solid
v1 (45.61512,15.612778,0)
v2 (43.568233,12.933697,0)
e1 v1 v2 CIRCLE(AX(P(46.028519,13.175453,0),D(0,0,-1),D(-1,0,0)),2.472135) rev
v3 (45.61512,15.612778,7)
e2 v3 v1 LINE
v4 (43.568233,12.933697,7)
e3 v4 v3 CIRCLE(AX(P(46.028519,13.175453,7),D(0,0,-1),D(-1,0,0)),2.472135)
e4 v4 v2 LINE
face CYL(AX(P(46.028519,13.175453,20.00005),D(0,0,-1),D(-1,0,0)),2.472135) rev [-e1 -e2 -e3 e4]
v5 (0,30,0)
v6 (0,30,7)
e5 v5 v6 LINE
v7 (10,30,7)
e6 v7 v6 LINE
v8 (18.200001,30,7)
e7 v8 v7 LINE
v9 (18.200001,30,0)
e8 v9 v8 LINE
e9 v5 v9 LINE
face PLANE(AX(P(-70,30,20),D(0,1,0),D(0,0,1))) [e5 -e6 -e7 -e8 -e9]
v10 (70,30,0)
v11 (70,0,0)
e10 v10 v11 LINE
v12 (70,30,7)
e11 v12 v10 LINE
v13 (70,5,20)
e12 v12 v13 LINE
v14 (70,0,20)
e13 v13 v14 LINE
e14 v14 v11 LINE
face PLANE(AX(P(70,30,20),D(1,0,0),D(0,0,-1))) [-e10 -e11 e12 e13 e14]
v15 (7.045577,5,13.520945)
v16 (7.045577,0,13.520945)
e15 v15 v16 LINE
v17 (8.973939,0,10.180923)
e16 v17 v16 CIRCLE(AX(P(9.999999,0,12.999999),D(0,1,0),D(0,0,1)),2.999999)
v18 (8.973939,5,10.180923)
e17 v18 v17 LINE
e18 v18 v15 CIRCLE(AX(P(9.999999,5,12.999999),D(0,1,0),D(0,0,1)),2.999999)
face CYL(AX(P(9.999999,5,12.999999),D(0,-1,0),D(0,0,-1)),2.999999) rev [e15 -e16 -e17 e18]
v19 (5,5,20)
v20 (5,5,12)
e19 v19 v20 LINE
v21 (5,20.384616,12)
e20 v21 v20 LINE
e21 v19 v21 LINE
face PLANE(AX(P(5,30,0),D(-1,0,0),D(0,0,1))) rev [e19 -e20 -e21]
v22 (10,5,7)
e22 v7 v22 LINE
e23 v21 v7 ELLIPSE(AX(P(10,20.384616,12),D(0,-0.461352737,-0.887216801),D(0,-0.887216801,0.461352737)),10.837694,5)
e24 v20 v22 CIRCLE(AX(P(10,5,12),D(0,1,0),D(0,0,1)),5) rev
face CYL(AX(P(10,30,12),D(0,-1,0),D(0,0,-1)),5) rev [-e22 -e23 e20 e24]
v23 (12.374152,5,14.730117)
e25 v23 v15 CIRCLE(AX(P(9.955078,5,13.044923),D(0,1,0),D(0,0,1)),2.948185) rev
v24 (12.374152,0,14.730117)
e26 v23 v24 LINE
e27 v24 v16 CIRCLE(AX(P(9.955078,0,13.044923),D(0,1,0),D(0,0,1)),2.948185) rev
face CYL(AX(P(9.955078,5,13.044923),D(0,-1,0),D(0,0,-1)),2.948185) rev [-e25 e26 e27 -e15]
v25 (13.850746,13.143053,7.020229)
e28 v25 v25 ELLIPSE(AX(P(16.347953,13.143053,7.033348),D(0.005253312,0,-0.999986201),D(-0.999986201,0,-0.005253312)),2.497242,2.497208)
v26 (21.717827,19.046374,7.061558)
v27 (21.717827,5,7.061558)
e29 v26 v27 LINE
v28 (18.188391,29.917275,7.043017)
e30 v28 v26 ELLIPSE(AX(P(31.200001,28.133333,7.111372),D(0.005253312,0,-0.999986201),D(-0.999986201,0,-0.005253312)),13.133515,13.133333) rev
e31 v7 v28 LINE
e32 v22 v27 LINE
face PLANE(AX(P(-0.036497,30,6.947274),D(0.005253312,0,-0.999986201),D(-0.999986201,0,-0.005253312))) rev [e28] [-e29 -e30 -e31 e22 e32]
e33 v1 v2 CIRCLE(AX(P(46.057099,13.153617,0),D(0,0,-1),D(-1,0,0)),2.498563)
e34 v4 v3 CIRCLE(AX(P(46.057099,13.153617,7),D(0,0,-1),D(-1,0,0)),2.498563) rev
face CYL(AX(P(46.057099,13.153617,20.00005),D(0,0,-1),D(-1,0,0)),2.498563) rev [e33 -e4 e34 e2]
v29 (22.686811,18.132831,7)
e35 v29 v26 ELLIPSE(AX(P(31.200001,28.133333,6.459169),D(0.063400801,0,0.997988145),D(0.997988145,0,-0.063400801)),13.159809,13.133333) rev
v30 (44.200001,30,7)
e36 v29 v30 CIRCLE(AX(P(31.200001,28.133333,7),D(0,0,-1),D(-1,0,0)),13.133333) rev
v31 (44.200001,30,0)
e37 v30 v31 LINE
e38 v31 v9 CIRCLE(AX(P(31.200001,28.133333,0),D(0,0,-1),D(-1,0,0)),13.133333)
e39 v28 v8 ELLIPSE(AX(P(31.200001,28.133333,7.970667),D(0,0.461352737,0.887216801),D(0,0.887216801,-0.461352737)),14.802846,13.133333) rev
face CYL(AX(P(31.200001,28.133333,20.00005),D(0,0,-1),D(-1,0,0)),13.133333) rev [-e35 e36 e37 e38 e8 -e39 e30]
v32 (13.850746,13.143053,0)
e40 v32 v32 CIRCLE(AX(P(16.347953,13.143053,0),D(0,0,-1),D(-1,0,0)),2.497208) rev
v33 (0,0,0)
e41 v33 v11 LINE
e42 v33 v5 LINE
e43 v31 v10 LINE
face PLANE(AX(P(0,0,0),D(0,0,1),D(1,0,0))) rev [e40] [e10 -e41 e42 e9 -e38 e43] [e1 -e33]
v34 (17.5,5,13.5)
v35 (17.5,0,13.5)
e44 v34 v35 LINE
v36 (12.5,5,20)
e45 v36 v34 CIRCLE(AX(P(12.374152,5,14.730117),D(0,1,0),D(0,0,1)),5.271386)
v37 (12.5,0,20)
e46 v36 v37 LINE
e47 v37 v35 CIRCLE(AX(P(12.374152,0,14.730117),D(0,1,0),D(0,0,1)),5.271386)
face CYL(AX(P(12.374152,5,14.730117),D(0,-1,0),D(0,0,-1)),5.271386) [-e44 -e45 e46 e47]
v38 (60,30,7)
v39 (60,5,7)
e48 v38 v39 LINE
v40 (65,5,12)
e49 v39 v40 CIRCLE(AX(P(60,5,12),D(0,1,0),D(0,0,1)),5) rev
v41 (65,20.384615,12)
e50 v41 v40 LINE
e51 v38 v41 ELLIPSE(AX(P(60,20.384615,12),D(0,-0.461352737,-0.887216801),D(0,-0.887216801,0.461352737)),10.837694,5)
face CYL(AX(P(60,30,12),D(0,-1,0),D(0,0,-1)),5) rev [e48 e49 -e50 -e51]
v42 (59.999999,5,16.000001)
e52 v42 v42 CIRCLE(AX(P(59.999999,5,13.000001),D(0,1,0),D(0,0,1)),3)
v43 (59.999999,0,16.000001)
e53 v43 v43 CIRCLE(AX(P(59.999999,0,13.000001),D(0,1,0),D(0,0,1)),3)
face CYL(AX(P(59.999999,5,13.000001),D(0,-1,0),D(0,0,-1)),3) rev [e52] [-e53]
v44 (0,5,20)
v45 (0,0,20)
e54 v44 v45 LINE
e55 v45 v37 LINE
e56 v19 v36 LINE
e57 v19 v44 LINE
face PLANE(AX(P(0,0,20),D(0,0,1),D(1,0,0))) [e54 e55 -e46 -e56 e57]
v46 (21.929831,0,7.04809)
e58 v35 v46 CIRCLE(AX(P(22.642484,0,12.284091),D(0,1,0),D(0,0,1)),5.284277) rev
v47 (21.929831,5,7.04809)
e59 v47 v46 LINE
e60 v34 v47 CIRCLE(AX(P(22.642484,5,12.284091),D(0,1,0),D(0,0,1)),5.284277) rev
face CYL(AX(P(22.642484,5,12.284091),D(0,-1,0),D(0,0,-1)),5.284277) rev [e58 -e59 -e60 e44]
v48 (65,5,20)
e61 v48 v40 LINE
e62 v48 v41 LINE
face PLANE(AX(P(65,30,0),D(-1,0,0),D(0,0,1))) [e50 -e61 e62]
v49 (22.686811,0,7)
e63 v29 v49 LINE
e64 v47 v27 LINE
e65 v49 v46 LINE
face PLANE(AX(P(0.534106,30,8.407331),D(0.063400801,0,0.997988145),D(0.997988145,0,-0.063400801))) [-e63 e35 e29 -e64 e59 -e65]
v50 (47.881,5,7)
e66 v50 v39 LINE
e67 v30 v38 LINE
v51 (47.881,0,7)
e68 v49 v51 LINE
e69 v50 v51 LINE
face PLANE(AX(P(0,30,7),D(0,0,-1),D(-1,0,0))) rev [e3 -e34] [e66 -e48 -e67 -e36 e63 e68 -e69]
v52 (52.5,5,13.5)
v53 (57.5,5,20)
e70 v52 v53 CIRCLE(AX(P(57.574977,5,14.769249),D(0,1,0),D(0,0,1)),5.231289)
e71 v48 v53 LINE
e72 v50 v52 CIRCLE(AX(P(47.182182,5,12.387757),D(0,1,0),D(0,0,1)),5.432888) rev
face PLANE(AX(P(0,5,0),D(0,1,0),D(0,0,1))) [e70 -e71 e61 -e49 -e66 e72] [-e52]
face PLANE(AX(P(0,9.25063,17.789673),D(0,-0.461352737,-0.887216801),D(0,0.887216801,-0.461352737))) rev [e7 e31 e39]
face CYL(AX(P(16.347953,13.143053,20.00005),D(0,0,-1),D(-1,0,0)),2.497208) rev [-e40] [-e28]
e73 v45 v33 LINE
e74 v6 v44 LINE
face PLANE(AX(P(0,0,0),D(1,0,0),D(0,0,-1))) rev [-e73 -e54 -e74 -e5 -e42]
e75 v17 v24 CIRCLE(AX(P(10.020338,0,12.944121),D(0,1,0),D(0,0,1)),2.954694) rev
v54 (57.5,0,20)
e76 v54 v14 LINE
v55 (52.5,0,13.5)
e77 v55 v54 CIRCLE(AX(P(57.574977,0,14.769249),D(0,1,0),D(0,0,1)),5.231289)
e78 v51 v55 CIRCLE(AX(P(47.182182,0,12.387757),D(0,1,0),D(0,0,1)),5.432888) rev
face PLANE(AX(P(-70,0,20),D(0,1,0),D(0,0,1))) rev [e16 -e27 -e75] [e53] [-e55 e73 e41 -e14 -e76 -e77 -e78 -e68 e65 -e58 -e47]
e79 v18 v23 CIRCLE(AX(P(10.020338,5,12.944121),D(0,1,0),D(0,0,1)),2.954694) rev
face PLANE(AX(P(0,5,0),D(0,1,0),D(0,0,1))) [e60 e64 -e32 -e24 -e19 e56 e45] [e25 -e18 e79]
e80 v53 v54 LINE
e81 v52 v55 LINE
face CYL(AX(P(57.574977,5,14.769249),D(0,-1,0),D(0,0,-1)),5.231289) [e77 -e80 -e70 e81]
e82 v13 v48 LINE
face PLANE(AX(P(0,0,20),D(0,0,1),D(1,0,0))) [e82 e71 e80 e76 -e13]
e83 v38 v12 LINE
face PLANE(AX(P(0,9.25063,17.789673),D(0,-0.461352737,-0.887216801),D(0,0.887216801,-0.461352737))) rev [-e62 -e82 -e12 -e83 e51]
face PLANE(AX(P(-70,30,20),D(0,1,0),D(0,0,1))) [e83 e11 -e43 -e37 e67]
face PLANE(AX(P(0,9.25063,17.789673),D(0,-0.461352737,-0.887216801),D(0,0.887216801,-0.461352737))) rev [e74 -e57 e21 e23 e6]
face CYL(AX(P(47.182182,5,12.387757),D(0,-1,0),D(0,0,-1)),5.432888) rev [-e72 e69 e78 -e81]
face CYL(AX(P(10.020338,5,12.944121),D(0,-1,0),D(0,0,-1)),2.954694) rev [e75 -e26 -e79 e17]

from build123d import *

# Parameters (mm, degrees)
SKETCH1_W           = 70
SKETCH1_H           = 30
BOSS_EXTRUDE1_DEPTH = 20
CUT_EXTRUDE2_DEPTH  = 21
CUT_EXTRUDE3_DEPTH  = 71
CUT_EXTRUDE7_DEPTH  = 31
BOSS_EXTRUDE3_DEPTH = 5
CUT_EXTRUDE8_DEPTH  = 71


with BuildPart() as part:
    # Sketch1 → Boss-Extrude1 (new body)
    with BuildSketch(Plane.XY):
        with Locations((-35, 15)):
            Rectangle(SKETCH1_W, SKETCH1_H)
    boss_extrude1 = extrude(amount=BOSS_EXTRUDE1_DEPTH)

    # Sketch1_3 → Cut-Extrude2 (cut, through all)
    with BuildSketch(Plane.XY):
        with BuildLine():
            Line((-18.200000763, 30), (-44.200000763, 30))
            ThreePointArc((-44.200000763, 30), (-31.200000763, 15), (-18.200000763, 30))
        make_face()
        with BuildLine():
            ThreePointArc((-15.706172943, 15.55638361), (-14.370568008, 14.668173822), (-13.850757599, 13.150756836))
            ThreePointArc((-13.850757599, 13.150756836), (-18.325338895, 11.617932335), (-15.706172943, 15.55638361))
        make_face()
        with BuildLine():
            ThreePointArc((-45.615119934, 15.61277771), (-44.064114621, 14.676308172), (-43.56823349, 12.933696747))
            ThreePointArc((-43.56823349, 12.933696747), (-48.042503261, 11.636717399), (-45.615119934, 15.61277771))
        make_face()
    cut_extrude2 = extrude(amount=CUT_EXTRUDE2_DEPTH, mode=Mode.SUBTRACT)

    # Sketch2 → Cut-Extrude3 (cut, through all)
    with BuildSketch(Plane.ZY.offset(70)):
        Polygon((20, 30), (7, 30), (20, 5), align=None)
    cut_extrude3 = extrude(amount=-CUT_EXTRUDE3_DEPTH, mode=Mode.SUBTRACT)

    # Mirror1: Boss-Extrude1, Cut-Extrude2, Cut-Extrude3 across plane
    add(boss_extrude1.mirror(Plane(origin=(0, 30, 20), x_dir=(0, 0, 1), z_dir=(1, 0, 0))))
    add(cut_extrude2.mirror(Plane(origin=(0, 30, 20), x_dir=(0, 0, 1), z_dir=(1, 0, 0))), mode=Mode.SUBTRACT)
    add(cut_extrude3.mirror(Plane(origin=(0, 30, 20), x_dir=(0, 0, 1), z_dir=(1, 0, 0))), mode=Mode.SUBTRACT)

    # Sketch4 → Cut-Extrude7 (cut, through all)
    with BuildSketch(Plane(origin=(0, 0, 0), x_dir=(1, 0, 0), z_dir=(0, 1, 0))):
        with BuildLine():
            Line((5, -11.999999865), (5, -20))
            Line((5, -20), (65, -20))
            Line((65, -20), (65, -12))
            ThreePointArc((65, -12), (63.535533906, -8.464466094), (60, -7))
            Line((60, -7), (22.686811447, -7))
            Line((22.686811447, -7), (21.717826843, -7.061558247))
            Line((21.717826843, -7.061558247), (10, -7))
            ThreePointArc((10, -7), (6.464466102, -8.464466007), (5, -11.999999865))
        make_face()
    extrude(amount=CUT_EXTRUDE7_DEPTH, mode=Mode.SUBTRACT)

    # Sketch4_6 → Boss-Extrude3 (add)
    with BuildSketch(Plane(origin=(0, 0, 0), x_dir=(1, 0, 0), z_dir=(0, 1, 0))):
        with BuildLine():
            Line((57.5, -20), (65, -20))
            Line((65, -20), (65, -12))
            ThreePointArc((65, -12), (63.535533906, -8.464466094), (60, -7))
            Line((60, -7), (47.881000272, -7))
            ThreePointArc((47.881000272, -7), (51.610779808, -9.240727474), (52.5, -13.5))
            ThreePointArc((52.5, -13.5), (53.428531793, -17.958821698), (57.5, -20))
        make_face()
        with BuildLine():
            ThreePointArc((58.071636237, -15.298134071), (57.54254335, -11.279271131), (61.499999792, -10.401924497))
            ThreePointArc((61.499999792, -10.401924497), (62.999999734, -13.000000826), (61.499999759, -15.598077136))
            ThreePointArc((61.499999759, -15.598077136), (59.738532149, -15.988585106), (58.071636237, -15.298134071))
        make_face(mode=Mode.SUBTRACT)
        with BuildLine():
            Line((5, -11.999999865), (5, -20))
            Line((5, -20), (12.5, -20))
            ThreePointArc((12.5, -20), (16.552378538, -17.944137337), (17.5, -13.5))
            ThreePointArc((17.5, -13.5), (18.286173232, -9.293081984), (21.929830501, -7.048089949))
            Line((21.929830501, -7.048089949), (21.717826843, -7.061558247))
            Line((21.717826843, -7.061558247), (10, -7))
            ThreePointArc((10, -7), (6.464466102, -8.464466007), (5, -11.999999865))
        make_face()
        with BuildLine():
            ThreePointArc((7.045577049, -13.520944595), (7.401923496, -11.500000278), (8.973938942, -10.180922508))
            ThreePointArc((8.973938942, -10.180922508), (12.387007699, -11.175196953), (12.37415177, -14.730116746))
            ThreePointArc((12.37415177, -14.730116746), (9.302656578, -15.920012423), (7.045577049, -13.520944595))
        make_face(mode=Mode.SUBTRACT)
    extrude(amount=BOSS_EXTRUDE3_DEPTH)

    # Sketch11 → Cut-Extrude8 (cut, through all)
    with BuildSketch(Plane(origin=(0, 0, 0), x_dir=(0, 0, -1), z_dir=(1, 0, 0))):
        Polygon((-20, 0), (0, 0), (0, 30), (-7, 30), (-20, 5), align=None)
    extrude(amount=-CUT_EXTRUDE8_DEPTH, mode=Mode.SUBTRACT)


solid = part.part
